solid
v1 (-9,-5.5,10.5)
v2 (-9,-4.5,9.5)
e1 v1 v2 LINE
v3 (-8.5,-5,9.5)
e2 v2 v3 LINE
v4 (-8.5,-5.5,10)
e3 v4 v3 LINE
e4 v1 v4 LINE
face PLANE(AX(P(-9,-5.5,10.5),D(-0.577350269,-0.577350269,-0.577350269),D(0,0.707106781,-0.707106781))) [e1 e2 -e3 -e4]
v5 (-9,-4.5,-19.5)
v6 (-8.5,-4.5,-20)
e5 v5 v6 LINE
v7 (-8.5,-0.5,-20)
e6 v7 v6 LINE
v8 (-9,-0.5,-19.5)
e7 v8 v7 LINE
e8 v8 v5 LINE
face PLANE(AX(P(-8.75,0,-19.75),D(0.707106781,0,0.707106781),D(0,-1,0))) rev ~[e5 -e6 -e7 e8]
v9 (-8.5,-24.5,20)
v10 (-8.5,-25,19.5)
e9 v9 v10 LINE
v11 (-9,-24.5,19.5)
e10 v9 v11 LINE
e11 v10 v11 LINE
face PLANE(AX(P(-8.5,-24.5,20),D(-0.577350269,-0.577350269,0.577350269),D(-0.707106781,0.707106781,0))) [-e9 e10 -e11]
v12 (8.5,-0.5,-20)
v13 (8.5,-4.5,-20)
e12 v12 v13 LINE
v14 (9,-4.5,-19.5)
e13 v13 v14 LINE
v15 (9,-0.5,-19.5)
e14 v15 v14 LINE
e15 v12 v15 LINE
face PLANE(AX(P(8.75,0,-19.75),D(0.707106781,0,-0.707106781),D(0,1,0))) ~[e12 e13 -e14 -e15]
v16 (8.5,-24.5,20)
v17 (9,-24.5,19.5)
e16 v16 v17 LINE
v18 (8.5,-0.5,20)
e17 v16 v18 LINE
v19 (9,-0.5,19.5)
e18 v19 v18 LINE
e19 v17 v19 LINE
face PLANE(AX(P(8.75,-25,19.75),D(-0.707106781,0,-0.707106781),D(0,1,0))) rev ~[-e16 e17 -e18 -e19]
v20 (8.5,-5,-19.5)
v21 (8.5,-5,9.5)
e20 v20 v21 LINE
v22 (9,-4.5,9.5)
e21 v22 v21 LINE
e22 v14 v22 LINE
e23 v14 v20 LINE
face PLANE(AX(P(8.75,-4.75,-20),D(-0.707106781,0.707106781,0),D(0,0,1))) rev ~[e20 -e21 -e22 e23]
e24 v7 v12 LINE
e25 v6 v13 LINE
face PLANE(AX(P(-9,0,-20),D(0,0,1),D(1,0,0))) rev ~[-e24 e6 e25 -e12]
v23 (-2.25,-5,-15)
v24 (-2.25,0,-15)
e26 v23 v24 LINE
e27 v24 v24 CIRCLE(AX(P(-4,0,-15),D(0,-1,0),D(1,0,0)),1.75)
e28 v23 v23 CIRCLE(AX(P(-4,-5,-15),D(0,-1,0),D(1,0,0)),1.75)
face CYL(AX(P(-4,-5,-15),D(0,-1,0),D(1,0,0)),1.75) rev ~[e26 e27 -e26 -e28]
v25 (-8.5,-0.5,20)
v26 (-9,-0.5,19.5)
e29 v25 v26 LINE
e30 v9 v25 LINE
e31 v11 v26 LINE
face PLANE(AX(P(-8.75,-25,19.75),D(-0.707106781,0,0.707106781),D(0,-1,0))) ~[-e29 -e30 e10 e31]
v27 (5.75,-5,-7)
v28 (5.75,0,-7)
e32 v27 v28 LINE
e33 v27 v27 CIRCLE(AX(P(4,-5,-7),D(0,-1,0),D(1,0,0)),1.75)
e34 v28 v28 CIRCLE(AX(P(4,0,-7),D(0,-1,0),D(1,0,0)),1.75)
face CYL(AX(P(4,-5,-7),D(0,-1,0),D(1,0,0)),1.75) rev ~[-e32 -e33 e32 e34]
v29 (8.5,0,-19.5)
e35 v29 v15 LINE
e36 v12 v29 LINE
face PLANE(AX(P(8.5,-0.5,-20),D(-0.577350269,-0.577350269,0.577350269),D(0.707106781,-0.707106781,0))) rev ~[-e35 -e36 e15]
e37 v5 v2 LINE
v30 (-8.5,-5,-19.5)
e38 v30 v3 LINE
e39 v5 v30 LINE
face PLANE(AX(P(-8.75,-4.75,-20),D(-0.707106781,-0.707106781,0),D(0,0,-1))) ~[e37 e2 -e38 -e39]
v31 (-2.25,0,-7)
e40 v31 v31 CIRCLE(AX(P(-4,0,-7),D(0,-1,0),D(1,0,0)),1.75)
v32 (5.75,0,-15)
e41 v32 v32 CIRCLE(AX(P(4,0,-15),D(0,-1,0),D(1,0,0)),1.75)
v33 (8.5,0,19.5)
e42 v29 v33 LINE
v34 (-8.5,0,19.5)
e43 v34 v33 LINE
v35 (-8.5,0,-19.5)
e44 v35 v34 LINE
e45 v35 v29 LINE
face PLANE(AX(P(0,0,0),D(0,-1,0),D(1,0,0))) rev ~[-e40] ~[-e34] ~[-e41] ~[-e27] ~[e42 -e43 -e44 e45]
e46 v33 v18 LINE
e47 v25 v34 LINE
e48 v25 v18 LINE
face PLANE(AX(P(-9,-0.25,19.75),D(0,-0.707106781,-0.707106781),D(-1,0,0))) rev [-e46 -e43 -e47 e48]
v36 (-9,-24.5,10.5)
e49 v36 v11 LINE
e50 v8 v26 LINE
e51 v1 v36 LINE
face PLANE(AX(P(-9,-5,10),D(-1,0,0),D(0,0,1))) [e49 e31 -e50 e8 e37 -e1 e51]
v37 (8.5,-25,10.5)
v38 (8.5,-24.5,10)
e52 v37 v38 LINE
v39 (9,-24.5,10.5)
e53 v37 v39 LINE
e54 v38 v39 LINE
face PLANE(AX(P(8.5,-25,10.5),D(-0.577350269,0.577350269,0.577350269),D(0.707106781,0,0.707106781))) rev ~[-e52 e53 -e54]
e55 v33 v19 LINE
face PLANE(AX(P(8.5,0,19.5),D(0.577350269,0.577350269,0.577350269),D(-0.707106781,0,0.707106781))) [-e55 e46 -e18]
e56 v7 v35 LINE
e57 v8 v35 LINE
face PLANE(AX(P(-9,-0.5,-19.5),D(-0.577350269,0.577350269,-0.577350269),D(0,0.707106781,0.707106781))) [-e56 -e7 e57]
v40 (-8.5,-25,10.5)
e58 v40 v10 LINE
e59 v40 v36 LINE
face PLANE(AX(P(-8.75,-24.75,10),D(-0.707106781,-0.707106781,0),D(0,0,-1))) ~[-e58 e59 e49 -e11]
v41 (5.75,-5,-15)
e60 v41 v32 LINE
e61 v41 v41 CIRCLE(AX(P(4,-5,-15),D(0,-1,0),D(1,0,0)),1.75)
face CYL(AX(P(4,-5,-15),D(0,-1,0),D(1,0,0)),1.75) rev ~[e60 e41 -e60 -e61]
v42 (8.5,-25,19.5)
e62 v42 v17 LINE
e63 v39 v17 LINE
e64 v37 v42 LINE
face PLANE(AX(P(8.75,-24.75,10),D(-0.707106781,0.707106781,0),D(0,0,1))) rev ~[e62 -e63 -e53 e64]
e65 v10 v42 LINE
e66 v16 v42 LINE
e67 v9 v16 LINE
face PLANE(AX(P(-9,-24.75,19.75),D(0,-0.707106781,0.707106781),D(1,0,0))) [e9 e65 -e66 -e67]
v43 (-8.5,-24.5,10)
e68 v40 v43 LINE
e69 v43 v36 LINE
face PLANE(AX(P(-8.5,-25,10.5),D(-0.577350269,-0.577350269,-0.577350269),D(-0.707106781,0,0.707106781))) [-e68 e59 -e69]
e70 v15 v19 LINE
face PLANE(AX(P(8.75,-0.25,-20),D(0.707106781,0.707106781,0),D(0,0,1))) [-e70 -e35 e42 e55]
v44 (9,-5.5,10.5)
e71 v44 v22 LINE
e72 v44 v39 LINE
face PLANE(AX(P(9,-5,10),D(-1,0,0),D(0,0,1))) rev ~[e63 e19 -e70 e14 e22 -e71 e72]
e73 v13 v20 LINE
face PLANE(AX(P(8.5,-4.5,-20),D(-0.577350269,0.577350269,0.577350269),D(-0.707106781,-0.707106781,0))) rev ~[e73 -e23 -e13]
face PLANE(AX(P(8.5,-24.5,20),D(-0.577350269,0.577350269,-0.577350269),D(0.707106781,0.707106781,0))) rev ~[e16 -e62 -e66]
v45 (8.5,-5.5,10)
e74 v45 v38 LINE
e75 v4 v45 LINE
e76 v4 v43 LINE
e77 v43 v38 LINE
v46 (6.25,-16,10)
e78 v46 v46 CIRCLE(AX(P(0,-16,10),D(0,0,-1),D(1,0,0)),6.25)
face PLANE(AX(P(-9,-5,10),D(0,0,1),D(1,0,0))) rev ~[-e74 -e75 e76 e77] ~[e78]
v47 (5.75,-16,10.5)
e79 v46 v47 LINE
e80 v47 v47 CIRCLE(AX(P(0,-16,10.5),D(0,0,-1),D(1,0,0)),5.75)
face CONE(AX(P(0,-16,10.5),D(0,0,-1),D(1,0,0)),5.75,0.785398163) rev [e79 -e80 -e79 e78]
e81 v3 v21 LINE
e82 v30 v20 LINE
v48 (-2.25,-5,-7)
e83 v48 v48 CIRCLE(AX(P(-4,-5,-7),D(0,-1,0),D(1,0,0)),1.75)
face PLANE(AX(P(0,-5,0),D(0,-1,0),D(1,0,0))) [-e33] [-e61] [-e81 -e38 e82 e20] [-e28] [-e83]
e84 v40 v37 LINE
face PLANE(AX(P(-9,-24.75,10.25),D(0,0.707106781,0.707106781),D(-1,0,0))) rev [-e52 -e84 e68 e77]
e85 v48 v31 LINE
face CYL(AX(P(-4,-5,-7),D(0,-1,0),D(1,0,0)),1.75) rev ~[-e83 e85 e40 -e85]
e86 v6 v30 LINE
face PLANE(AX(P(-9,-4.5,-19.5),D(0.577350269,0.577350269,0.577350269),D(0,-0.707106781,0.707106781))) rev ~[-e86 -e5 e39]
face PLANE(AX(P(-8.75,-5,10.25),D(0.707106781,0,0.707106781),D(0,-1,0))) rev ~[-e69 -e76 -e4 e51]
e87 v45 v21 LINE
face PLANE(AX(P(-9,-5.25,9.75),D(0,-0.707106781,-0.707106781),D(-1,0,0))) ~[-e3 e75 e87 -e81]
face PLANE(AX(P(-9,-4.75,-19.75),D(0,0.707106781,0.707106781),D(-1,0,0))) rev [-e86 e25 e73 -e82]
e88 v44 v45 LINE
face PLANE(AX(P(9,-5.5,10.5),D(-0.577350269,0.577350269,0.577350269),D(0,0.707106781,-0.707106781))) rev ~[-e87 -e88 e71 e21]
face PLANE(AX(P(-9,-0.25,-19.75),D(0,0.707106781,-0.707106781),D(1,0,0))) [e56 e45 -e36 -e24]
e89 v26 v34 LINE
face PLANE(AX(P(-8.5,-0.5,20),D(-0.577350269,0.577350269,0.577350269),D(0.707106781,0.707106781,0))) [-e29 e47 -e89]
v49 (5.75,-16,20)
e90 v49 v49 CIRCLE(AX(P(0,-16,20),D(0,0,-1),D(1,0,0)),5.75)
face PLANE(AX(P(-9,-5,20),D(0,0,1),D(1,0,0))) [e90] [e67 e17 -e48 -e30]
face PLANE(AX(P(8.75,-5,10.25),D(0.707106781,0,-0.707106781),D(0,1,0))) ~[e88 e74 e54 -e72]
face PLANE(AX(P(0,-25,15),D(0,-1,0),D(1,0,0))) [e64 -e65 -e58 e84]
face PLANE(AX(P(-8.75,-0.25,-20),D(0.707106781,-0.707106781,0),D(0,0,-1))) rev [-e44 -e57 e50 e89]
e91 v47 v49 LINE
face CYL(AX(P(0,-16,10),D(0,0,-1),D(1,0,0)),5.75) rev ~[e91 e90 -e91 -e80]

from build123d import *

# Parameters (mm, degrees)
F0_W     = 18
F0_H     = 40
F1_DEPTH = 5
F2_R     = 1.75
F3_DEPTH = 5
F4_W     = 18
F4_H     = 10
F5_DEPTH = 20
F6_R     = 5.75
F7_DEPTH = 10
F8_SIZE  = 0.5


with BuildPart() as f1:
    # F0 (on Front) → F1 (new body)
    with BuildSketch(Plane.XZ):
        Rectangle(F0_W, F0_H)
    extrude(amount=F1_DEPTH)

    # F2 (on face) → F3 (cut, through all)
    with BuildSketch(Plane.XZ.offset(5)):
        with Locations((-4, -15)):
            Circle(F2_R)
        with Locations((4, -15)):
            Circle(F2_R)
        with Locations((4, -7)):
            Circle(F2_R)
        with Locations((-4, -7)):
            Circle(F2_R)
    extrude(amount=-F3_DEPTH, mode=Mode.SUBTRACT)

    # F4 (on face) → F5 (join)
    with BuildSketch(Plane.XZ.offset(5)):
        with Locations((0, 15)):
            Rectangle(F4_W, F4_H)
    extrude(amount=F5_DEPTH)

    # F6 (on face) → F7 (cut, through all)
    with BuildSketch(Plane(origin=(0, 0, 10), x_dir=(1, 0, 0), z_dir=(0, 0, -1))):
        with Locations((0, 16)):
            Circle(F6_R)
    extrude(amount=-F7_DEPTH, mode=Mode.SUBTRACT)

    # F8
    f8_edges = [f1.edges().sort_by_distance(p)[0] for p in [
        (9, -15, 10),
        (-9, -15, 10),
        (0, -25, 10),
        (9, -25, 15),
        (-9, -25, 15),
        (0, -25, 20),
        (9, -12.5, 20),
        (9, -5, -5),
        (9, 0, 0),
        (0, 0, -20),
        (9, -2.5, -20),
        (0, -5, -20),
        (-9, -2.5, -20),
        (-9, -5, -5),
        (-9, 0, 0),
        (-9, -12.5, 20),
        (0, 0, 20),
        (0, -5, 10),
        (-5.75, -16, 10),
    ]]
    chamfer(f8_edges, length=F8_SIZE)


solid = f1.part
